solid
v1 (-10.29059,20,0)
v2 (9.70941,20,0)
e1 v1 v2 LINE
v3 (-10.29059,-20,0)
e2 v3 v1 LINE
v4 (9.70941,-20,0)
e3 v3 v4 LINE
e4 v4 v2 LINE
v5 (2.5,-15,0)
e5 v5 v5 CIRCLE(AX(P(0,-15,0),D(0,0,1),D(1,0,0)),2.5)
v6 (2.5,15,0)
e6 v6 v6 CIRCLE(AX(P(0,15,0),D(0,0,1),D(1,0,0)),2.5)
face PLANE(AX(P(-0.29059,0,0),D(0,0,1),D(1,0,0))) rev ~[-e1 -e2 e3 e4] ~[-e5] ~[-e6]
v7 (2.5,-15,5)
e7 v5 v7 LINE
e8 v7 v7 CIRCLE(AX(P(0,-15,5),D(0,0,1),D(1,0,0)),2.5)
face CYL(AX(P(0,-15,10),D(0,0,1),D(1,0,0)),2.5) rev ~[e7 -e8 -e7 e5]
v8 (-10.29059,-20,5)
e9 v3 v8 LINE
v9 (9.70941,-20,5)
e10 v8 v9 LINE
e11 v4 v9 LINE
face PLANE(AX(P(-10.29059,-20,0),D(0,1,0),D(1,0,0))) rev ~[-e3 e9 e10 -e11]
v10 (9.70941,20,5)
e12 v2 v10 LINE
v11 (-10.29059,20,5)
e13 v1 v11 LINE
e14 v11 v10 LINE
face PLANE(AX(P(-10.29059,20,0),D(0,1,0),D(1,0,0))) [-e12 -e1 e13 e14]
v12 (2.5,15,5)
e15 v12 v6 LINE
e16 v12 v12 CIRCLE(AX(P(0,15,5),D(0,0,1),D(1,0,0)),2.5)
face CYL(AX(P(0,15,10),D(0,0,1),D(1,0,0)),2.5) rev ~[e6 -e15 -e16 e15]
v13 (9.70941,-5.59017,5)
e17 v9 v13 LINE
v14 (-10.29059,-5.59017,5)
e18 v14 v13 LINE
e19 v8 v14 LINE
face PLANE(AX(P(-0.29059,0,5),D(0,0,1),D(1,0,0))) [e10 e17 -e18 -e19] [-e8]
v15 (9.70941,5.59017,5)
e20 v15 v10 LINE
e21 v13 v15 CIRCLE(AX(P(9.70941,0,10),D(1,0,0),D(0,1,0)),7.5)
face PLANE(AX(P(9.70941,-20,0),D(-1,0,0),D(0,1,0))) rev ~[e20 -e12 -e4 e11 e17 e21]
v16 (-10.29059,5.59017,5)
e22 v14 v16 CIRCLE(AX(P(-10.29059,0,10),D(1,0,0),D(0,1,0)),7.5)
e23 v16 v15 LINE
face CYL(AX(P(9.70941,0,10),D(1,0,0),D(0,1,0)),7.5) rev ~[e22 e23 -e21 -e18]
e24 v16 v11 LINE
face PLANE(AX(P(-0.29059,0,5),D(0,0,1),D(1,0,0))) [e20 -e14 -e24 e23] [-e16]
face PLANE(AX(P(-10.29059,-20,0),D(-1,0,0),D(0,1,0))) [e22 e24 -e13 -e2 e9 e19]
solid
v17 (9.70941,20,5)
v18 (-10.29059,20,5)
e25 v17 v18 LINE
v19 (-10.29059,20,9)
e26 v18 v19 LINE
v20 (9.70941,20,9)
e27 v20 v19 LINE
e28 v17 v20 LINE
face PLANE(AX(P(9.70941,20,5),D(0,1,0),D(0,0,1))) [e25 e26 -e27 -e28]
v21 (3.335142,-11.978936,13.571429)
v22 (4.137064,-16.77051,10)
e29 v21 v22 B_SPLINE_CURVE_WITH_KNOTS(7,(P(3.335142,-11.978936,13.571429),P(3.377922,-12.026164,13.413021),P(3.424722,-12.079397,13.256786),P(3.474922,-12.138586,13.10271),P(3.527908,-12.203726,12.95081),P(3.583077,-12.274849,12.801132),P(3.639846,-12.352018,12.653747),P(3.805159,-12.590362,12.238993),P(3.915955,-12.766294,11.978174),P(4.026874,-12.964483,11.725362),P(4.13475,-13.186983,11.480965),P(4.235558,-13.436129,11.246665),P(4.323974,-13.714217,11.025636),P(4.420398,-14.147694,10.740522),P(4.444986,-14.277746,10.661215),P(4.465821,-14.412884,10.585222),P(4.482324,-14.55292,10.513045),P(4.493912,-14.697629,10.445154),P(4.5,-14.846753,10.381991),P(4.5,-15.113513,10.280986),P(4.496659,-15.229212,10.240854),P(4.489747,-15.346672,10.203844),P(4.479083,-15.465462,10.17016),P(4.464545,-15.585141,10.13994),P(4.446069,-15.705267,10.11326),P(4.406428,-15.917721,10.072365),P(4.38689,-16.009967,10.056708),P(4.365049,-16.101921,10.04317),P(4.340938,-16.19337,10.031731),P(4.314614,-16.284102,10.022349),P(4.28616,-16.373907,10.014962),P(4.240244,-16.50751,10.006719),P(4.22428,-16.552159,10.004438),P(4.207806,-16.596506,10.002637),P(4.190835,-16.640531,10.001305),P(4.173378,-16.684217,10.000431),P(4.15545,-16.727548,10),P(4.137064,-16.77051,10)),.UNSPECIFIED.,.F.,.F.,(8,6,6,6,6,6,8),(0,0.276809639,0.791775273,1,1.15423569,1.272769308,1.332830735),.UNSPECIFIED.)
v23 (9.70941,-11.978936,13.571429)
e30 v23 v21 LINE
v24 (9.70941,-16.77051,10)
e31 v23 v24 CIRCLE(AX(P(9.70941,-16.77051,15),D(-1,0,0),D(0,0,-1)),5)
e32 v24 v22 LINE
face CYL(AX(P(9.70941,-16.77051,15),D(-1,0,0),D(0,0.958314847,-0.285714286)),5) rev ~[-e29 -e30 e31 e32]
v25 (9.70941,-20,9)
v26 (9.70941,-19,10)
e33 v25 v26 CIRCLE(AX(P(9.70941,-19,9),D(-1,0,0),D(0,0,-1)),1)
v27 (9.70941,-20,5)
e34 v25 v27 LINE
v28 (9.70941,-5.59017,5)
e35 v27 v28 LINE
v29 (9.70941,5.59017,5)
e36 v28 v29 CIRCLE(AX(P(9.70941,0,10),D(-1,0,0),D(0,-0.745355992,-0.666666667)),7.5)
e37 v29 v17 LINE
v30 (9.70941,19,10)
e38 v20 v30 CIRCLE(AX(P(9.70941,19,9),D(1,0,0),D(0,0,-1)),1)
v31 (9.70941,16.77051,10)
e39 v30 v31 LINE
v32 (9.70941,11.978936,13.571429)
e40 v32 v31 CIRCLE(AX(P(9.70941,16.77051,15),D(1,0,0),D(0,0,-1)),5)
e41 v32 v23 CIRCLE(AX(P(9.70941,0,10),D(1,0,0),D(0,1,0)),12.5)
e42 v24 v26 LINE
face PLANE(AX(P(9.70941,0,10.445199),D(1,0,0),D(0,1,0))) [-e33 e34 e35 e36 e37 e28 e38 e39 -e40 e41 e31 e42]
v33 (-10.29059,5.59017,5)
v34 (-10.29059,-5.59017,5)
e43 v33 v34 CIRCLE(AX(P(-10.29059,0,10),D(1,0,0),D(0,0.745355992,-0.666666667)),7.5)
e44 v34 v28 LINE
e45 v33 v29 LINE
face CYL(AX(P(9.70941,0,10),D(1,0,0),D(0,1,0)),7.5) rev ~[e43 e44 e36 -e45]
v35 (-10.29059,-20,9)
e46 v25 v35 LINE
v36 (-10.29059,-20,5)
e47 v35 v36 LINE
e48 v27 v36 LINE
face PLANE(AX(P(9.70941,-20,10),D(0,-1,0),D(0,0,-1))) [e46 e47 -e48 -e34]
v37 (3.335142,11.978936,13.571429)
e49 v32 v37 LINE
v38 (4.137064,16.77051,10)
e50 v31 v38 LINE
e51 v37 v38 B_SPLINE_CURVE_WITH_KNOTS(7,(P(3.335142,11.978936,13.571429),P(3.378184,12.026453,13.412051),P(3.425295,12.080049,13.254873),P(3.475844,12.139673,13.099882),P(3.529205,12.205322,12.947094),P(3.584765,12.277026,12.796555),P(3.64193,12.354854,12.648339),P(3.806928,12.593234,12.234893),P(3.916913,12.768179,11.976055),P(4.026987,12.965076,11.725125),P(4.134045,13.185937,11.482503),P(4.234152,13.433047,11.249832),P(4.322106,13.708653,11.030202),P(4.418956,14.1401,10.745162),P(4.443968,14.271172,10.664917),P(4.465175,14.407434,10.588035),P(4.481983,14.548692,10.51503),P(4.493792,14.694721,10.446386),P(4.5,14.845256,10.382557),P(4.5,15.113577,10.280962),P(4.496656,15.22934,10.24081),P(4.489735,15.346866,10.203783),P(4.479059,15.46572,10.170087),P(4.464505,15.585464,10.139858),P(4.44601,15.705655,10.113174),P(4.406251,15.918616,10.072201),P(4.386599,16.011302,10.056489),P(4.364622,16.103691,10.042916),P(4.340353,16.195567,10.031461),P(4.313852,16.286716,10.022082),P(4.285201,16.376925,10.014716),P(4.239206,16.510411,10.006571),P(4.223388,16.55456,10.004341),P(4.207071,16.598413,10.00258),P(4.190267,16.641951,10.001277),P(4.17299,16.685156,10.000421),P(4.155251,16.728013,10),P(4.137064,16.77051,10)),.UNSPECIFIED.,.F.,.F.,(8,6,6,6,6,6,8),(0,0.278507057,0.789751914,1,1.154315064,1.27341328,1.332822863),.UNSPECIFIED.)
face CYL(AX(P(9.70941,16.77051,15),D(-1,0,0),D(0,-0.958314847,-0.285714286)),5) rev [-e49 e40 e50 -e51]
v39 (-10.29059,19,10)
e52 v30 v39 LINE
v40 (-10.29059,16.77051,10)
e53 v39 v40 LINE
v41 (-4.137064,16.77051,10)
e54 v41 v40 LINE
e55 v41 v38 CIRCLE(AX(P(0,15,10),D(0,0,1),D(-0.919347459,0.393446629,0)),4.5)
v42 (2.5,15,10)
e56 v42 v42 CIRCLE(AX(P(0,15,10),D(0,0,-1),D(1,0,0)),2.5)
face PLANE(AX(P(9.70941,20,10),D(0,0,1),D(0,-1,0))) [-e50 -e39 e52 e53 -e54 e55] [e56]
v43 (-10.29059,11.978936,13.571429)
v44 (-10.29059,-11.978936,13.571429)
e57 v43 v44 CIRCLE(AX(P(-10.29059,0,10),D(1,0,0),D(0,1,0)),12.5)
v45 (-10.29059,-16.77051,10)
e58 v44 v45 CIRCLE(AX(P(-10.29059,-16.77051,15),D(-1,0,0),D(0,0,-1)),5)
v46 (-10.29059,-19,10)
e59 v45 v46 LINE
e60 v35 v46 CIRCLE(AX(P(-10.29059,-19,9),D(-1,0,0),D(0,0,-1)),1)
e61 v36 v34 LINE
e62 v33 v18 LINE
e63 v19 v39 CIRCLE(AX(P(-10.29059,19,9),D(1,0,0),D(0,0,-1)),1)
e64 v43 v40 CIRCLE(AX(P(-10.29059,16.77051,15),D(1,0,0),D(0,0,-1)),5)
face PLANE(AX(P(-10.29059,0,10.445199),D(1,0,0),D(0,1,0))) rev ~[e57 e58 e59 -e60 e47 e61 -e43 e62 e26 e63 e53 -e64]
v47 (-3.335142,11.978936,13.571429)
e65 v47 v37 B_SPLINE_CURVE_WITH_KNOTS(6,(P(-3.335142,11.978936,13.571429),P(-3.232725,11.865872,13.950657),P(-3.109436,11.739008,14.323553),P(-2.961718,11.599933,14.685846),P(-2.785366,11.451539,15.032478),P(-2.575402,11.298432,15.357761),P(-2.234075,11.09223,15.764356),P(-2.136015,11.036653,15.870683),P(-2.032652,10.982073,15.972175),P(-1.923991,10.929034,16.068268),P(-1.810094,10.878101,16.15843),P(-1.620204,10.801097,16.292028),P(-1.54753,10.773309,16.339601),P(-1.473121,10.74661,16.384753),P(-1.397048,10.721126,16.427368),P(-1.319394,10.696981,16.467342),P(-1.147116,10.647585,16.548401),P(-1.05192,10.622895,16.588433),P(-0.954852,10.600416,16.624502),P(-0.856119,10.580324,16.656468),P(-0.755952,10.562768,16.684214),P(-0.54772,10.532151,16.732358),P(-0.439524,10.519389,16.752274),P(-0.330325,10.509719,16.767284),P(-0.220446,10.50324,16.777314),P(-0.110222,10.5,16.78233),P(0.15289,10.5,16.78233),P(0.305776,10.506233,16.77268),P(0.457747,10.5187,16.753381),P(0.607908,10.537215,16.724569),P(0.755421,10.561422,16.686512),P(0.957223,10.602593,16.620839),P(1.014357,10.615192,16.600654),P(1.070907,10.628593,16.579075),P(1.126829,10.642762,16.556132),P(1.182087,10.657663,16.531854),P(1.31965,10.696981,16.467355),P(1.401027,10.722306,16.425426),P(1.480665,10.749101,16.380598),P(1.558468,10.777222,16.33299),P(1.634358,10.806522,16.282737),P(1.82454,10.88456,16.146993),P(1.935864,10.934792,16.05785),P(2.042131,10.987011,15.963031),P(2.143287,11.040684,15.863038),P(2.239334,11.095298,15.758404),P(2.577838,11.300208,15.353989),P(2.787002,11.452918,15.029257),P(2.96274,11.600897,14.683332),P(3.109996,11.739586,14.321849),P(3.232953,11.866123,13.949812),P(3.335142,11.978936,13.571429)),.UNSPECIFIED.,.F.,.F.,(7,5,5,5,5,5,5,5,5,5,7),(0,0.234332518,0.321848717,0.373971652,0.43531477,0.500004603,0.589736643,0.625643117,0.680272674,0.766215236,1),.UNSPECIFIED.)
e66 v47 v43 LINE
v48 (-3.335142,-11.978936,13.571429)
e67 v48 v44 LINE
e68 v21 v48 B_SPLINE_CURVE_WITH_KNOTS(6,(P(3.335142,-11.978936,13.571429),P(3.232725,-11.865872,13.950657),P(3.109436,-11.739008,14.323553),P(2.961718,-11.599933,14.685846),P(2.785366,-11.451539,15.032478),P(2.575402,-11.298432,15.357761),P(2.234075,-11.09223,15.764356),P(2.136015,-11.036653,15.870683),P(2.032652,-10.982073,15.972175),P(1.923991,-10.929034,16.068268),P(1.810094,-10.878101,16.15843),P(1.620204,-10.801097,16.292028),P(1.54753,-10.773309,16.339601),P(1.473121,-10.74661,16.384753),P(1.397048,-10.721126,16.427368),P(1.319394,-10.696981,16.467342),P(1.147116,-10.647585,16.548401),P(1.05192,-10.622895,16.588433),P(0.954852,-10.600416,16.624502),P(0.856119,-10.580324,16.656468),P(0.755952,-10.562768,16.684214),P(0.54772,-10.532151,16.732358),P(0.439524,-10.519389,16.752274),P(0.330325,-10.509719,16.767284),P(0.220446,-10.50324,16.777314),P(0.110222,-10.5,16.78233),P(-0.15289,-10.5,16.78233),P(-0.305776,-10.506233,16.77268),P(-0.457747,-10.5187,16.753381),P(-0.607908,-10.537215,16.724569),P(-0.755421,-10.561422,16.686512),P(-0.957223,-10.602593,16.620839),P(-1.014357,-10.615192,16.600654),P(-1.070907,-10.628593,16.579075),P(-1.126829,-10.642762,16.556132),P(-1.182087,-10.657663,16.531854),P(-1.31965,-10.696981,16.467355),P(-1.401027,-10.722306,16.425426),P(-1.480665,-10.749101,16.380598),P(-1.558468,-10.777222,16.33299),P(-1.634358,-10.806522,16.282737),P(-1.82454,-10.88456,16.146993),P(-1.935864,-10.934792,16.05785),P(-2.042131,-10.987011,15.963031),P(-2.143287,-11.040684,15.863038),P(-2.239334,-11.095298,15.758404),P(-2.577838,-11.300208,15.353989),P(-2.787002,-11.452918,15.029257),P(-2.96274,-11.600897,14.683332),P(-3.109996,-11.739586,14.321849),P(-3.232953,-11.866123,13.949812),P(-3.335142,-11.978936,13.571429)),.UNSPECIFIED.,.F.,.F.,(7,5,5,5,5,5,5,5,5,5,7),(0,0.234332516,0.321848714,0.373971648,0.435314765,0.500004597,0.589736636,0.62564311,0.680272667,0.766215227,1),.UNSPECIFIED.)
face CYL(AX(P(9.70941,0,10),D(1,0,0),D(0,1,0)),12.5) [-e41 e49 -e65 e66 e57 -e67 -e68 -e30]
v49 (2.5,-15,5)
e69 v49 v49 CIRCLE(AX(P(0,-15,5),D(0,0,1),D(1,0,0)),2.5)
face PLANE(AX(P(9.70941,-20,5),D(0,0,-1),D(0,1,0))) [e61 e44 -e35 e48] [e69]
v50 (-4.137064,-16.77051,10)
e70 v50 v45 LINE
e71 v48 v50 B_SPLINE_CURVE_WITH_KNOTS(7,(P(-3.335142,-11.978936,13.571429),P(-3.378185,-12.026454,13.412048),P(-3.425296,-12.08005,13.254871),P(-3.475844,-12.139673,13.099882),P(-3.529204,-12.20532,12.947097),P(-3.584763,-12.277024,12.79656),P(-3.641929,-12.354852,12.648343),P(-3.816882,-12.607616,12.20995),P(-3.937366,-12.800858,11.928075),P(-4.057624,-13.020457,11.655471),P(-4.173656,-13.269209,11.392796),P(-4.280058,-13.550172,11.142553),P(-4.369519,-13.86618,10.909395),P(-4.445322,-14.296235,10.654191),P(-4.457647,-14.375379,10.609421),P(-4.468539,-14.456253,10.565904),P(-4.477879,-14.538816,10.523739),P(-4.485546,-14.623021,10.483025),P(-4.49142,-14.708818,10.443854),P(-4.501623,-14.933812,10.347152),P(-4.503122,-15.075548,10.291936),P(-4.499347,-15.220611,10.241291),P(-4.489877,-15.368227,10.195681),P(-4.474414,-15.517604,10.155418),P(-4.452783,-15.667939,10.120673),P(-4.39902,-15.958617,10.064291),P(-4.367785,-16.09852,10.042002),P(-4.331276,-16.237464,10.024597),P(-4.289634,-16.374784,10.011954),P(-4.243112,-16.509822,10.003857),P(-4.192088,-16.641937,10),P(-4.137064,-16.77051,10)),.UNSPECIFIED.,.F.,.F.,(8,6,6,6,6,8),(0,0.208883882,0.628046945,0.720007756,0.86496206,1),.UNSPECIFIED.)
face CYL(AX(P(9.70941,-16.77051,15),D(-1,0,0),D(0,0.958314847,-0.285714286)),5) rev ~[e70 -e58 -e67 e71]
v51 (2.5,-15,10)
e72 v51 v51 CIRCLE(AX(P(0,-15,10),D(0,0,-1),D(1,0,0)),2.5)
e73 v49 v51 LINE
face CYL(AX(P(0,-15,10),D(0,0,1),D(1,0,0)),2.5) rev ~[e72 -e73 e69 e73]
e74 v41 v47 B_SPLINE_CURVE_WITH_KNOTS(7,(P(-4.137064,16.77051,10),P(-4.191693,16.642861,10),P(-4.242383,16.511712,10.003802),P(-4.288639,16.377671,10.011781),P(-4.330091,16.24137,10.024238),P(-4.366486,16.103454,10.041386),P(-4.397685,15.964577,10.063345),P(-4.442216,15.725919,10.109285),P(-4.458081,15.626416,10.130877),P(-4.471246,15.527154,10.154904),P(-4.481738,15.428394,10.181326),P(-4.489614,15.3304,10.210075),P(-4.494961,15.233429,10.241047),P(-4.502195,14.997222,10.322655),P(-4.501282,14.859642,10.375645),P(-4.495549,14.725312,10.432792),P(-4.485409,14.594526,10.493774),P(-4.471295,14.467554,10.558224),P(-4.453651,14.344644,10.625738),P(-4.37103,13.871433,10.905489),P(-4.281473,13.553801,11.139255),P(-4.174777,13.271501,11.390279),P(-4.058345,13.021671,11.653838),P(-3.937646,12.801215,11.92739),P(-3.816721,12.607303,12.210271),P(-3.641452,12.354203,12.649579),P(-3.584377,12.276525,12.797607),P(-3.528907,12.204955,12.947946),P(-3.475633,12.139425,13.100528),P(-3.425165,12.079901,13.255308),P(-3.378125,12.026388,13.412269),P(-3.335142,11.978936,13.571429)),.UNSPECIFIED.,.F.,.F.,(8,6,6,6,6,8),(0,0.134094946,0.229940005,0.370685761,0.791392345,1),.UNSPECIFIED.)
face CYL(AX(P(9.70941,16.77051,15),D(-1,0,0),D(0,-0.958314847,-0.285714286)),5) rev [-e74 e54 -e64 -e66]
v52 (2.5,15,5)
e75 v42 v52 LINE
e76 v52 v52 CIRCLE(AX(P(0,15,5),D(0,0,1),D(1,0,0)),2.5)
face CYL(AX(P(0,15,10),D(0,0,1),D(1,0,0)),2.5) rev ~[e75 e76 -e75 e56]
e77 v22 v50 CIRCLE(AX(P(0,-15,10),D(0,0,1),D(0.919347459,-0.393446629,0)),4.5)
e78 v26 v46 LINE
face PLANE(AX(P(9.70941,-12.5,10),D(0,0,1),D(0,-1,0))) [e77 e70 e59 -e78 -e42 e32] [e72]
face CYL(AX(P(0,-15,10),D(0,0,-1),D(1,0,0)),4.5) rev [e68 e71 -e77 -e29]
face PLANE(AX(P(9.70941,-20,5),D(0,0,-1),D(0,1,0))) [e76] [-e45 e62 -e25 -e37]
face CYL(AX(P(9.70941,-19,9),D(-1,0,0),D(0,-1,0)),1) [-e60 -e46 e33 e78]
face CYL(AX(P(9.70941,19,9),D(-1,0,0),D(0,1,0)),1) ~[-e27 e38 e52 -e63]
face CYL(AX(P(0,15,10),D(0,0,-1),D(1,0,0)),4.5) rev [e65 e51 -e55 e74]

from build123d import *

# Parameters (mm, degrees)
F0_W      = 20
F0_H      = 40
F1_DEPTH  = 5
F3_DEPTH  = 20
F4_R      = 7.5
F5_DEPTH  = 20
F6_R      = 5
F7_R      = 2.5
F8_DEPTH  = 12.5
F9_R      = 4.5
F10_DEPTH = 8
F11_R     = 1


with BuildPart() as f1:
    # F0 (on Top) → F1 (new body)
    with BuildSketch(Plane.XY):
        with Locations((-0.29059, 0)):
            Rectangle(F0_W, F0_H)
    extrude(amount=F1_DEPTH)


with BuildPart() as f3:
    # F2 (on face) → F3 (new body, through all)
    with BuildSketch(Plane.YZ.offset(9.70941)):
        with BuildLine():
            Line((-20, 10), (-20, 5))
            Line((-20, 5), (20, 5))
            Line((20, 5), (20, 10))
            Line((20, 10), (12.5, 10))
            ThreePointArc((12.5, 10), (0, 22.5), (-12.5, 10))
            Line((-12.5, 10), (-20, 10))
        make_face()
    extrude(amount=-F3_DEPTH)


with BuildPart() as f5_tool:
    # F4 (on face) → F5 (new body, through all)
    with BuildSketch(Plane.YZ.offset(9.70941)):
        with Locations((0, 10)):
            Circle(F4_R)
    extrude(amount=-F5_DEPTH)


with BuildPart() as f1_1:
    add(f1.part)

    # F5: cut by f5_tool
    add(f5_tool.part, mode=Mode.SUBTRACT)


with BuildPart() as f3_1:
    add(f3.part)

    # F5: cut by f5_tool
    add(f5_tool.part, mode=Mode.SUBTRACT)

    # F6
    f6_edges = [f3_1.edges().sort_by_distance(p)[0] for p in [
        (-0.29059, 12.5, 10),
        (-0.29059, -12.5, 10),
    ]]
    fillet(f6_edges, radius=F6_R)


with BuildPart() as f8_tool:
    # F7 (on face) → F8 (new body, symmetric)
    with BuildSketch(Plane.XY.offset(10)):
        with Locations((0, 15)):
            Circle(F7_R)
        with Locations((0, -15)):
            Circle(F7_R)
    extrude(amount=F8_DEPTH, both=True)


with BuildPart() as f1_2:
    add(f1_1.part)

    # F8: cut by f8_tool
    add(f8_tool.part, mode=Mode.SUBTRACT)


with BuildPart() as f3_2:
    add(f3_1.part)

    # F8: cut by f8_tool
    add(f8_tool.part, mode=Mode.SUBTRACT)

    # F9 (on face) → F10 (cut)
    with BuildSketch(Plane.XY.offset(10)):
        with Locations((0, -15)):
            Circle(F9_R)
        with Locations((0, 15)):
            Circle(F9_R)
    extrude(amount=F10_DEPTH, mode=Mode.SUBTRACT)

    # F11
    f11_edges = [f3_2.edges().sort_by_distance(p)[0] for p in [
        (-0.29059, 20, 10),
        (-0.29059, -20, 10),
    ]]
    fillet(f11_edges, radius=F11_R)


solid = Compound([f1_2.part, f3_2.part])
